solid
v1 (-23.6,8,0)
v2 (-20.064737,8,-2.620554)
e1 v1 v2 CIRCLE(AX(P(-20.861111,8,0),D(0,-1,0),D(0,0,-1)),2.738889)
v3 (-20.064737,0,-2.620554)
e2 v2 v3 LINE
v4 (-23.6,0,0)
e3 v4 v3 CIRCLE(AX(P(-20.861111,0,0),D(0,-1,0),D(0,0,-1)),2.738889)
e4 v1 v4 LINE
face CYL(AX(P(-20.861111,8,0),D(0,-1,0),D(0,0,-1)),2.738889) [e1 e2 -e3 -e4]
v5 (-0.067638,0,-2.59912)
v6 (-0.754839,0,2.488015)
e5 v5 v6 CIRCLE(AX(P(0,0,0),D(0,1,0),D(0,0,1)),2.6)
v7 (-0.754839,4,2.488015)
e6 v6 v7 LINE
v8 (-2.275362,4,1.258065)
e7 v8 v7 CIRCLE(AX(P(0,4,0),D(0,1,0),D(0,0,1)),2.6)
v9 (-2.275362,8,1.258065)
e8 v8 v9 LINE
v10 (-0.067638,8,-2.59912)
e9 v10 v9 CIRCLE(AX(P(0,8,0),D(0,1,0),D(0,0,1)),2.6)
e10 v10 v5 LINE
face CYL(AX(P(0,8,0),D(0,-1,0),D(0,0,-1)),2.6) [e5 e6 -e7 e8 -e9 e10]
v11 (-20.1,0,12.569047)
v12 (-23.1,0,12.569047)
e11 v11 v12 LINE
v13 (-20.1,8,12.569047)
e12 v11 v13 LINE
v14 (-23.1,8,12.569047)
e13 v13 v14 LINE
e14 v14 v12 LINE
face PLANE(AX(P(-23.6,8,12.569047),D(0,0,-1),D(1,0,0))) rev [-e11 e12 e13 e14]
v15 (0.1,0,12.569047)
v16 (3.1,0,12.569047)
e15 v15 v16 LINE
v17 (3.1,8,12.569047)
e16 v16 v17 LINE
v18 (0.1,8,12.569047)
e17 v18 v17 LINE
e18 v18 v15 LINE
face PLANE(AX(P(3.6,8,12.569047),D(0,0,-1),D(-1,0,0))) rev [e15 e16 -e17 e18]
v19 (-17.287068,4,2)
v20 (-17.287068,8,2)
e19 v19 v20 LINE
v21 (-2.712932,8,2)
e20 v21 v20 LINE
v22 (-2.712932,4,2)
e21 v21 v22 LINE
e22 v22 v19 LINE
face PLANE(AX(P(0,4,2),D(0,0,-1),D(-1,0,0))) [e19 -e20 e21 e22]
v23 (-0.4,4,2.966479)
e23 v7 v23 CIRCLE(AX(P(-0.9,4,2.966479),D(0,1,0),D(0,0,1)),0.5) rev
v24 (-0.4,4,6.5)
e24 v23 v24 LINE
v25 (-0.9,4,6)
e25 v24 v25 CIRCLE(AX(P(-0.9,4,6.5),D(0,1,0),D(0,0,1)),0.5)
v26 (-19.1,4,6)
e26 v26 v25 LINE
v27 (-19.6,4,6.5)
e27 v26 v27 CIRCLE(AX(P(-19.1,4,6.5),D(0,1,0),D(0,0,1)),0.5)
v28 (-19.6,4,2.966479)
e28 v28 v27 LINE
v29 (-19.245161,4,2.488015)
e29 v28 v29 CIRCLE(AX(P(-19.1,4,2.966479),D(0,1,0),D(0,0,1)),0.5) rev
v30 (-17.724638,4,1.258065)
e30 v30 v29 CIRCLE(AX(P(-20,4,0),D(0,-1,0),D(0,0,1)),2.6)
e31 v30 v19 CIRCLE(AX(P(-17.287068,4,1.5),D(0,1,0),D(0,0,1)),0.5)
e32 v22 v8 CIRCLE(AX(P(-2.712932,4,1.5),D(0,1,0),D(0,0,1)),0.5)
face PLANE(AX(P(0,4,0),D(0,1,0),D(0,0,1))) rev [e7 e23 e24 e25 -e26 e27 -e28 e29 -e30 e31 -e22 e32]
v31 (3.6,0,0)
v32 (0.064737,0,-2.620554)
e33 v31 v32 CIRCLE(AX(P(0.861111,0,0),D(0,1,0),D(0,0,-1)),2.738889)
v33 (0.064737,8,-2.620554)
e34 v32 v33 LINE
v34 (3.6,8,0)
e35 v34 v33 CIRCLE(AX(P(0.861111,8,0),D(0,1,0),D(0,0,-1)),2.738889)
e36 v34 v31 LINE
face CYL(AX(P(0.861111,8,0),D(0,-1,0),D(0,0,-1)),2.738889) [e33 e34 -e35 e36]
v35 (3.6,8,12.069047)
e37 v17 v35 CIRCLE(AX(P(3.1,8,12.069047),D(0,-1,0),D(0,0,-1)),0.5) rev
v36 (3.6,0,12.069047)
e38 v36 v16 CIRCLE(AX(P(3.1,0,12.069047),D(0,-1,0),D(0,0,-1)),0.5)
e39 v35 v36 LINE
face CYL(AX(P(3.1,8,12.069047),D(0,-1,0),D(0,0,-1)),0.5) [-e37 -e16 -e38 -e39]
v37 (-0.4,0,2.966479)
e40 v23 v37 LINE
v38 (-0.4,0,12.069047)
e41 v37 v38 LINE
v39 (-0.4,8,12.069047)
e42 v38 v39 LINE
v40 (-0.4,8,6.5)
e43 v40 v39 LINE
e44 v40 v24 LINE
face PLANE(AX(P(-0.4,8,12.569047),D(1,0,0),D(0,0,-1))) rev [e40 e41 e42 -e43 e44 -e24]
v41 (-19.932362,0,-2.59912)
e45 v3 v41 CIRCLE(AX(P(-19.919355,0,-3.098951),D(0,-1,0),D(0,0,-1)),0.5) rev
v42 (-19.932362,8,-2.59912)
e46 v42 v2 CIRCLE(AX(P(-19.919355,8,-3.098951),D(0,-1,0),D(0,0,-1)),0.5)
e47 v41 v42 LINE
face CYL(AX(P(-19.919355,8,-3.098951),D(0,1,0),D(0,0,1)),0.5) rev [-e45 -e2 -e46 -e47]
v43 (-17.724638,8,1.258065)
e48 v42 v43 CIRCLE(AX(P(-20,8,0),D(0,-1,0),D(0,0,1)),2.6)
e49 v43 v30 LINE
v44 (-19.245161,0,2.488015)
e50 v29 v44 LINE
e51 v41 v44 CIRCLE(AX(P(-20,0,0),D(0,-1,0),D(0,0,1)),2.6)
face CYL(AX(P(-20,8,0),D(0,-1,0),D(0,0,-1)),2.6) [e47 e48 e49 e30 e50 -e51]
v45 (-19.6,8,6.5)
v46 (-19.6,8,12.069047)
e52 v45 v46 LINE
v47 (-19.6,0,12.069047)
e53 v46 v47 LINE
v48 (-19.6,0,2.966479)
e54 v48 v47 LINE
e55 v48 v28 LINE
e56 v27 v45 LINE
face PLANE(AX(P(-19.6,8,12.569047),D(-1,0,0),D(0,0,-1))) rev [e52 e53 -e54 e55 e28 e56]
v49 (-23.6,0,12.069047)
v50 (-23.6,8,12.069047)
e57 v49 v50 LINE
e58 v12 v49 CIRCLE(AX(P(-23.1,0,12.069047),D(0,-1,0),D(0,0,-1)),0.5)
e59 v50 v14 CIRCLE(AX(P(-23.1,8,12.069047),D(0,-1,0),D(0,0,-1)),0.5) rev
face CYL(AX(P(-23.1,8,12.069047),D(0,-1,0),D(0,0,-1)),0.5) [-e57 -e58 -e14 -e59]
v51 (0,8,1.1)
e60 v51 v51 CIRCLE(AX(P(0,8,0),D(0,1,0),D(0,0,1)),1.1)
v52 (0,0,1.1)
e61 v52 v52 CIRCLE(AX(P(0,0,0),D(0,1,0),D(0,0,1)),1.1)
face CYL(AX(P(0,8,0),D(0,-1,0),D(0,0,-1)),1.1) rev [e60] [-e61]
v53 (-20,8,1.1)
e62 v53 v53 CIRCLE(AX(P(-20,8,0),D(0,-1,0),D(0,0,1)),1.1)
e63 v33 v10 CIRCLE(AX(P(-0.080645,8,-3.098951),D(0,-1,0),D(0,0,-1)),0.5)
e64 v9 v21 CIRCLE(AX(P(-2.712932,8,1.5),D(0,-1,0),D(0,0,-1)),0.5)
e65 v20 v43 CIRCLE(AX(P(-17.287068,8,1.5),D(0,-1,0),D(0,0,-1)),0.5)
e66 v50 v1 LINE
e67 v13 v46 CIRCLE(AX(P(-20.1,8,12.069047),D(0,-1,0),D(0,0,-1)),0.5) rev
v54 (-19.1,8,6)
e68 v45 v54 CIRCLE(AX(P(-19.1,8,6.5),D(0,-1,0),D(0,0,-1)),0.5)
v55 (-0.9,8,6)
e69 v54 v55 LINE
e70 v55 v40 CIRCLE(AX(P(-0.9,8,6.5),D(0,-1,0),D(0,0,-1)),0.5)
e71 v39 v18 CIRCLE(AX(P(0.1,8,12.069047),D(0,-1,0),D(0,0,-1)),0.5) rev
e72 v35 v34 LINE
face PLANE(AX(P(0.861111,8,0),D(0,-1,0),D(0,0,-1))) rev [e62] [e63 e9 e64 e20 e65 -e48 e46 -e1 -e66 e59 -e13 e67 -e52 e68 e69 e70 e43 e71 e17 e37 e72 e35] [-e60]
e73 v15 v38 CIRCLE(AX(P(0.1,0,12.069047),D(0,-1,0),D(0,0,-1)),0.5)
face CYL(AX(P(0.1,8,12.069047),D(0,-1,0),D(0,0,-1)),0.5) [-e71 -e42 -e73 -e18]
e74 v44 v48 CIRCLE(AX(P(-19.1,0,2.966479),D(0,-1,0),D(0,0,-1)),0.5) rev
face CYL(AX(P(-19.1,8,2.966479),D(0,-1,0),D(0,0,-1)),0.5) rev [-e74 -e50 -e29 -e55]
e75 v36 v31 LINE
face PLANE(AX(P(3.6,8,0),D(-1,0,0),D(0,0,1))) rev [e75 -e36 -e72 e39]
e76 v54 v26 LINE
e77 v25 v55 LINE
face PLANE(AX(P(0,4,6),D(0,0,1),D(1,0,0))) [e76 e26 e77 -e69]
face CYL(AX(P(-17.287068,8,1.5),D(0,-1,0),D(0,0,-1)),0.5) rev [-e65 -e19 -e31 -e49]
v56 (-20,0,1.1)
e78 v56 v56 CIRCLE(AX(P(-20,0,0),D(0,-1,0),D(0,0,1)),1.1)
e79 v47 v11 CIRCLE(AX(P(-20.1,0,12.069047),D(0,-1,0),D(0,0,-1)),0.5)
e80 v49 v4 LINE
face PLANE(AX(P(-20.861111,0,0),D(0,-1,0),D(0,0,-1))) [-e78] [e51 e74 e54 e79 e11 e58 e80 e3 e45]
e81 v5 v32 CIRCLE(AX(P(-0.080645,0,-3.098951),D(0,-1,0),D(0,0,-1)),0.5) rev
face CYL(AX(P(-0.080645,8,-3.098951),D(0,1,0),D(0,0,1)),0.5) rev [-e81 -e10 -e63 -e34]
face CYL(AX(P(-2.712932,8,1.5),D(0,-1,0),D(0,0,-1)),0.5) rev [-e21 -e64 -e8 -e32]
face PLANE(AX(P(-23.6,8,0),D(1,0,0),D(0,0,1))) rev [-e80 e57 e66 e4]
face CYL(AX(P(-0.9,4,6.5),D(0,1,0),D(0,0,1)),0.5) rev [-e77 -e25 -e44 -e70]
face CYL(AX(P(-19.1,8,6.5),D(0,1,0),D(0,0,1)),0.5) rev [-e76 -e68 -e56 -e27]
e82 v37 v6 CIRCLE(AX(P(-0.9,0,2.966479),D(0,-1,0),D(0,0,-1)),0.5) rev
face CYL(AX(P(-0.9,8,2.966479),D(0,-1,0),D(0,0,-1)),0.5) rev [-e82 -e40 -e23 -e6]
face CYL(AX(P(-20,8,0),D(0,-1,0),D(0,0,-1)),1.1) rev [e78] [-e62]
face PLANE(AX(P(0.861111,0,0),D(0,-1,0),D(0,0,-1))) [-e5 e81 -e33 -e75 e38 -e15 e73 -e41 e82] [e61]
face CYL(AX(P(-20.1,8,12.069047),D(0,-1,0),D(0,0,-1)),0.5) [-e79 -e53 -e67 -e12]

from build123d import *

# Parameters (mm, degrees)
SKETCH1_R           = 1.1
BASE_DEPTH          = 8
BOSS_EXTRUDE2_START = -4
BOSS_EXTRUDE2_DEPTH = 4
FILLET1_R           = 0.5


with BuildPart() as part:
    # Sketch1 → Base (new body)
    with BuildSketch(Plane(origin=(0, 0, 0), x_dir=(1, 0, 0), z_dir=(0, 1, 0))):
        with BuildLine():
            Line((3.6, 0), (3.6, -12.569046516))
            Line((3.6, -12.569046516), (-0.4, -12.569046516))
            Line((-0.4, -12.569046516), (-0.4, -2.569046516))
            ThreePointArc((-0.4, -2.569046516), (-2.592250079, 0.20059793), (0, 2.6))
            ThreePointArc((0, 2.6), (2.464704684, 2.220360331), (3.6, 0))
        make_face()
        with Locations(Location((0, 0, 0), (0, 0, 270))):
            Circle(SKETCH1_R, mode=Mode.SUBTRACT)
    extrude(amount=BASE_DEPTH)

    # Sketch2 → Boss-Extrude2 (add)
    with BuildSketch(Plane(origin=(0, 8, 0), x_dir=(1, 0, 0), z_dir=(0, 1, 0)).offset(BOSS_EXTRUDE2_START)):
        with BuildLine():
            ThreePointArc((-0.4, -2.569046516), (-1.069213935, -2.369975013), (-1.661324773, -2))
            Line((-1.661324773, -2), (-10, -2))
            Line((-10, -2), (-10, -6))
            Line((-10, -6), (-0.4, -6))
            Line((-0.4, -6), (-0.4, -2.569046516))
        make_face()
    extrude(amount=BOSS_EXTRUDE2_DEPTH)

    # Mirror2: part across plane


with BuildPart() as part_1:
    add(part.part)
    add(part.part.mirror(Plane.ZY.offset(10)))

    # Fillet1
    fillet1_edges = [part_1.edges().sort_by_distance(p)[0] for p in [
        (-0.4, 2, 2.569046516),
        (-1.661324773, 6, 2),
        (-0.4, 6, 6),
        (-20, 4, -2.6),
        (-19.6, 2, 2.569046516),
        (-19.6, 4, 12.569046516),
        (-19.6, 6, 6),
        (-23.6, 4, 12.569046516),
        (-18.338675227, 6, 2),
        (3.6, 4, 12.569046516),
        (-0.4, 4, 12.569046516),
        (0, 4, -2.6),
    ]]
    fillet(fillet1_edges, radius=FILLET1_R)


solid = part_1.part
